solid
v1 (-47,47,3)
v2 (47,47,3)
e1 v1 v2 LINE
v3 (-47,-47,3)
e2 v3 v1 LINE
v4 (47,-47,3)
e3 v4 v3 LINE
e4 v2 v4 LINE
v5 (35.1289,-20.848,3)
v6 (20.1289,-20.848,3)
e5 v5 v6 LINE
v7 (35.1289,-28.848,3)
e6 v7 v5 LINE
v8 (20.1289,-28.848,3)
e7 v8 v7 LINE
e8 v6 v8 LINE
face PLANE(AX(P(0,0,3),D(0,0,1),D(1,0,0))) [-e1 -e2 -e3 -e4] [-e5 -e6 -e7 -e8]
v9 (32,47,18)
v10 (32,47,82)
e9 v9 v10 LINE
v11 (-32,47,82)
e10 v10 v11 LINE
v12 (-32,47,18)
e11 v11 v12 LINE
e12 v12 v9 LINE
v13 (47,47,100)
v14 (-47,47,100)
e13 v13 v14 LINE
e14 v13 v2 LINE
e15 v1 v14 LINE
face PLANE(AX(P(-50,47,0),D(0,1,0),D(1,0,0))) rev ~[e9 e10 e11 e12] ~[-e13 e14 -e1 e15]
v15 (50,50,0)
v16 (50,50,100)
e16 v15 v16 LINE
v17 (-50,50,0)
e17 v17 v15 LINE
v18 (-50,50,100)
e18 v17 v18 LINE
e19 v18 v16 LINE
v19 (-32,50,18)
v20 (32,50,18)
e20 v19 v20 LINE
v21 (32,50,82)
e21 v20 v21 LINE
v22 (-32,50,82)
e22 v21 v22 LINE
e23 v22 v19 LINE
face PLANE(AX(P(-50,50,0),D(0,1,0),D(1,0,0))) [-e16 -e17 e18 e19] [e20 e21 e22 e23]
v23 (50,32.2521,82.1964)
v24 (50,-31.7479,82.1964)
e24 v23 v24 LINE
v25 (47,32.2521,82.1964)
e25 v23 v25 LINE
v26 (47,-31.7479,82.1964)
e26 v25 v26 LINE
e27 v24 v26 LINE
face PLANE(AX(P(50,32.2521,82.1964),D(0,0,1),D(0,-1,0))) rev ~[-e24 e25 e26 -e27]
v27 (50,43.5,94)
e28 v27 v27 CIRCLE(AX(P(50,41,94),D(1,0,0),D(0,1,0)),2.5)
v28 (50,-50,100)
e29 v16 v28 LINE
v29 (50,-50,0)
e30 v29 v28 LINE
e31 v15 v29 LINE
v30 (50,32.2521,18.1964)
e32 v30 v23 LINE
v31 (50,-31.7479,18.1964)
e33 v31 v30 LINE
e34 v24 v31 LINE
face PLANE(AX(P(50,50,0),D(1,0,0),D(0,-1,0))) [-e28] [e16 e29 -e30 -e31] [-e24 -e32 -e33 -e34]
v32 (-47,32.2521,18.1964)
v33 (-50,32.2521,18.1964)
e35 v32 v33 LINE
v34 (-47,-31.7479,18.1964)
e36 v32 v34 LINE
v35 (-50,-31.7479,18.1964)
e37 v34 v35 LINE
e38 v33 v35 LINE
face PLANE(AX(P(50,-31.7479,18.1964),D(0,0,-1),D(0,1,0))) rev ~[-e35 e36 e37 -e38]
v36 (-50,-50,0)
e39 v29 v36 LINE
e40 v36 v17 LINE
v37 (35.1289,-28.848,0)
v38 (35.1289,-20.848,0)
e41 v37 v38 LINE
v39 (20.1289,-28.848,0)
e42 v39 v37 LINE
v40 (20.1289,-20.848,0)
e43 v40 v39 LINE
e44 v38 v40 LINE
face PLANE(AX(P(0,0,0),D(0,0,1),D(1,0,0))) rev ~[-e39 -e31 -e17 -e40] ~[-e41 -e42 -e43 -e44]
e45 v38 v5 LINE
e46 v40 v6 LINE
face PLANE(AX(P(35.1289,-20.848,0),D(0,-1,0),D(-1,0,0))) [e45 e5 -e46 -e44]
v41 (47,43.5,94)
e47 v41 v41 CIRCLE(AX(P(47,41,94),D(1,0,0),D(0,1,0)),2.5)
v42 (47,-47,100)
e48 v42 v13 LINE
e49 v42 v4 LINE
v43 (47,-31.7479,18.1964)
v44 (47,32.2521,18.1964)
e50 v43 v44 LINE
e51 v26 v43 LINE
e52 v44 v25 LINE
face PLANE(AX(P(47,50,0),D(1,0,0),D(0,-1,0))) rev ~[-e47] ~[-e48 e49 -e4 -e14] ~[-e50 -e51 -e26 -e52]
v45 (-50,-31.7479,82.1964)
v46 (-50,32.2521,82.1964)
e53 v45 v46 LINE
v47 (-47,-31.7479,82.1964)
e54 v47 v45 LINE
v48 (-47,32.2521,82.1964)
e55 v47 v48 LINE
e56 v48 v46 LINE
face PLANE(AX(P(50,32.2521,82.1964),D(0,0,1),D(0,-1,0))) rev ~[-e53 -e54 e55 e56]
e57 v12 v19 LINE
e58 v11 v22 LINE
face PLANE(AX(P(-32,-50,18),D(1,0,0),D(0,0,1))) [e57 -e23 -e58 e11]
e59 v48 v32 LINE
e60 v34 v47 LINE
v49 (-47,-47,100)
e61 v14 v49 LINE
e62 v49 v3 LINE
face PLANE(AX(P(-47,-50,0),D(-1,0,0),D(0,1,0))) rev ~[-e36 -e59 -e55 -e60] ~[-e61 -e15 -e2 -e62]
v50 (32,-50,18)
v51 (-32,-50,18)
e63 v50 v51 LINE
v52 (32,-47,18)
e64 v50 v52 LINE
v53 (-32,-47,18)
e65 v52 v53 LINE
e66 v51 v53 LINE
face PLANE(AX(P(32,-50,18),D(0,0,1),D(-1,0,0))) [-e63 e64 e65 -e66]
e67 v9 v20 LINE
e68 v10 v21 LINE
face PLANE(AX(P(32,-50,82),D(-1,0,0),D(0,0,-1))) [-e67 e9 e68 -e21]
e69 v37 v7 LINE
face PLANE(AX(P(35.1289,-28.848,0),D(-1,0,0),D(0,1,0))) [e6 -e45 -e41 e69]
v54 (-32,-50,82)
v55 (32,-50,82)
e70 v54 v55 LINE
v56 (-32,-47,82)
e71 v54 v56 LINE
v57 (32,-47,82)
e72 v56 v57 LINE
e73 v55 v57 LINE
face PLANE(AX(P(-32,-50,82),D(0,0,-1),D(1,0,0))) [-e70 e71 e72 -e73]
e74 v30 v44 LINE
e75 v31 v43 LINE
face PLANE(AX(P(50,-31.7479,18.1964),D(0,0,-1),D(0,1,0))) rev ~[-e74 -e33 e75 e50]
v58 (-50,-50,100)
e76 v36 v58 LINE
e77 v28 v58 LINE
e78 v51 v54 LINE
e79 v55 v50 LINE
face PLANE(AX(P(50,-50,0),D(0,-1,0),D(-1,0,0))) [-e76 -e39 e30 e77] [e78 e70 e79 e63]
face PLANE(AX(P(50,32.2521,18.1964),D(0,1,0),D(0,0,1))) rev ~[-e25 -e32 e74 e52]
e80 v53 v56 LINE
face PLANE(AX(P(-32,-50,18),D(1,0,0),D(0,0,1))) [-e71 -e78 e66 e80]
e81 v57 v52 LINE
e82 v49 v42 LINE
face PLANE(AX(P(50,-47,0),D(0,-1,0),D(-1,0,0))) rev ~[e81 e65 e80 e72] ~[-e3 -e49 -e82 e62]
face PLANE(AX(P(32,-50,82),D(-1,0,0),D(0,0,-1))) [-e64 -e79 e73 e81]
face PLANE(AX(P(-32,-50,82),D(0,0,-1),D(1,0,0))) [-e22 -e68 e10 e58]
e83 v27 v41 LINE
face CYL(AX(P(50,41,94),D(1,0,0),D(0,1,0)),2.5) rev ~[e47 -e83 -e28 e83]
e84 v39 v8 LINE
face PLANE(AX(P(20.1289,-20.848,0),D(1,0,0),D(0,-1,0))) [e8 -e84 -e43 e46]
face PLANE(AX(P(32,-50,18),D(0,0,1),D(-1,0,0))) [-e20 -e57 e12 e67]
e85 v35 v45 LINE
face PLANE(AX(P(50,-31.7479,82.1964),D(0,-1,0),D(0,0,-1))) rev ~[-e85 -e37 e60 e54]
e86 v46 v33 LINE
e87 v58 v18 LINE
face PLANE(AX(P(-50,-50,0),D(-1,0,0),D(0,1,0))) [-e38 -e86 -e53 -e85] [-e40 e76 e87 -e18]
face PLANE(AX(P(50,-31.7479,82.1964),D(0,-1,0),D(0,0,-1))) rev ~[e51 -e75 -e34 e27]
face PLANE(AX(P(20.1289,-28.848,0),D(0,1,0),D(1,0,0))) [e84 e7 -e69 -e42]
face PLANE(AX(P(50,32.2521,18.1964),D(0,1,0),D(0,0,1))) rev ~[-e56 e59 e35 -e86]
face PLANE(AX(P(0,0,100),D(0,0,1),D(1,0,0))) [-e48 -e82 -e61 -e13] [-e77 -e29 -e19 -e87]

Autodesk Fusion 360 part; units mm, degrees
sketch "Sketch1" plane through (0, 0, 0) normal (0, 0, 1) x (1, 0, 0)
  line L0 (-50, 50) -> (60, 50)
  line L1 (60, 50) -> (60, -50)
  line L2 (60, -50) -> (-50, -50)
  line L3 (-50, -50) -> (-50, 50)
sketch "Sketch8" plane through (0, 0, 0) normal (0, 0, 1) x (1, 0, 0)
  line L0 (-50, 50) -> (50, 50)
  line L1 (50, 50) -> (50, -50)
  line L2 (50, -50) -> (-50, -50)
  line L3 (-50, -50) -> (-50, 50)
  line L4 (-50, 50) -> (50, -50) construction
  line L5 (50, 50) -> (-50, -50) construction
  dimension "d15" = 100
  dimension "d16" = 100
extrude "Extrude3" add sketch "Sketch8" along normal blind 100
sketch "Sketch9" plane through (0, 0, 100) normal (0, 0, 1) x (-1, 0, 0)
  line L0 (50, 50) -> (-50, 50)
  line L1 (-50, 50) -> (-50, -50)
  line L2 (-50, -50) -> (50, -50)
  line L3 (50, -50) -> (50, 50)
shell "Shell2" thickness 3 removed faces 1 at (-16.6667, 16.6667, 100)
sketch "Sketch10" plane through (50, 0, 0) normal (1, 0, 0) x (0, 1, 0)
  line L0 (-50, 0) -> (50, 0)
  line L1 (50, 0) -> (50, 100)
  line L2 (50, 100) -> (-50, 100)
  line L3 (-50, 100) -> (-50, 0)
  line L4 (32.2521, 82.1964) -> (-31.7479, 82.1964)
  line L5 (-31.7479, 82.1964) -> (-31.7479, 18.1964)
  line L6 (-31.7479, 18.1964) -> (32.2521, 18.1964)
  line L7 (32.2521, 18.1964) -> (32.2521, 82.1964)
  line L8 (32.2521, 82.1964) -> (-31.7479, 18.1964) construction
  line L9 (-31.7479, 82.1964) -> (32.2521, 18.1964) construction
  point P0 (0.2521, 50.1964)
  dimension "d20" = 64
  dimension "d21" = 64
extrude "Extrude4" cut sketch "Sketch10" against normal through all contours L4 L5 L6 L7
sketch "Sketch11" plane through (0, -50, 0) normal (0, -1, 0) x (1, 0, 0)
  line L0 (-50, 0) -> (50, 0)
  line L1 (50, 0) -> (50, 100)
  line L2 (50, 100) -> (-50, 100)
  line L3 (-50, 100) -> (-50, 0)
  line L4 (-32, 82) -> (32, 82)
  line L5 (32, 82) -> (32, 18)
  line L6 (32, 18) -> (-32, 18)
  line L7 (-32, 18) -> (-32, 82)
  line L8 (-32, 82) -> (32, 18) construction
  line L9 (32, 82) -> (-32, 18) construction
  point P0 (0, 50)
  dimension "d23" = 64
  dimension "d24" = 64
extrude "Extrude5" cut sketch "Sketch11" against normal blind 110 contours L4 L5 L6 L7
sketch "Sketch12" plane through (0, 0, 0) normal (0, 0, 1) x (1, 0, 0)
  line L0 (35.1289, -20.848) -> (20.1289, -20.848)
  line L1 (20.1289, -20.848) -> (20.1289, -28.848)
  line L2 (20.1289, -28.848) -> (35.1289, -28.848)
  line L3 (35.1289, -28.848) -> (35.1289, -20.848)
  dimension "d27" = 15
  dimension "d28" = 8
extrude "Extrude6" cut sketch "Sketch12" along normal blind 3
sketch "Sketch13" plane through (50, 0, 0) normal (1, 0, 0) x (0, 1, 0)
  line L0 (32.2521, 18.1964) -> (-31.7479, 18.1964)
  line L1 (-31.7479, 18.1964) -> (-31.7479, 82.1964)
  line L2 (-31.7479, 82.1964) -> (32.2521, 82.1964)
  line L3 (32.2521, 82.1964) -> (32.2521, 18.1964)
  line L4 (-50, 0) -> (50, 0)
  line L5 (50, 0) -> (50, 100)
  line L6 (50, 100) -> (-50, 100)
  line L7 (-50, 100) -> (-50, 0)
  circle A0 centre (41, 94) radius 2.5
  dimension "d31" = 5
extrude "Extrude7" cut sketch "Sketch13" against normal blind 3 contours A0
